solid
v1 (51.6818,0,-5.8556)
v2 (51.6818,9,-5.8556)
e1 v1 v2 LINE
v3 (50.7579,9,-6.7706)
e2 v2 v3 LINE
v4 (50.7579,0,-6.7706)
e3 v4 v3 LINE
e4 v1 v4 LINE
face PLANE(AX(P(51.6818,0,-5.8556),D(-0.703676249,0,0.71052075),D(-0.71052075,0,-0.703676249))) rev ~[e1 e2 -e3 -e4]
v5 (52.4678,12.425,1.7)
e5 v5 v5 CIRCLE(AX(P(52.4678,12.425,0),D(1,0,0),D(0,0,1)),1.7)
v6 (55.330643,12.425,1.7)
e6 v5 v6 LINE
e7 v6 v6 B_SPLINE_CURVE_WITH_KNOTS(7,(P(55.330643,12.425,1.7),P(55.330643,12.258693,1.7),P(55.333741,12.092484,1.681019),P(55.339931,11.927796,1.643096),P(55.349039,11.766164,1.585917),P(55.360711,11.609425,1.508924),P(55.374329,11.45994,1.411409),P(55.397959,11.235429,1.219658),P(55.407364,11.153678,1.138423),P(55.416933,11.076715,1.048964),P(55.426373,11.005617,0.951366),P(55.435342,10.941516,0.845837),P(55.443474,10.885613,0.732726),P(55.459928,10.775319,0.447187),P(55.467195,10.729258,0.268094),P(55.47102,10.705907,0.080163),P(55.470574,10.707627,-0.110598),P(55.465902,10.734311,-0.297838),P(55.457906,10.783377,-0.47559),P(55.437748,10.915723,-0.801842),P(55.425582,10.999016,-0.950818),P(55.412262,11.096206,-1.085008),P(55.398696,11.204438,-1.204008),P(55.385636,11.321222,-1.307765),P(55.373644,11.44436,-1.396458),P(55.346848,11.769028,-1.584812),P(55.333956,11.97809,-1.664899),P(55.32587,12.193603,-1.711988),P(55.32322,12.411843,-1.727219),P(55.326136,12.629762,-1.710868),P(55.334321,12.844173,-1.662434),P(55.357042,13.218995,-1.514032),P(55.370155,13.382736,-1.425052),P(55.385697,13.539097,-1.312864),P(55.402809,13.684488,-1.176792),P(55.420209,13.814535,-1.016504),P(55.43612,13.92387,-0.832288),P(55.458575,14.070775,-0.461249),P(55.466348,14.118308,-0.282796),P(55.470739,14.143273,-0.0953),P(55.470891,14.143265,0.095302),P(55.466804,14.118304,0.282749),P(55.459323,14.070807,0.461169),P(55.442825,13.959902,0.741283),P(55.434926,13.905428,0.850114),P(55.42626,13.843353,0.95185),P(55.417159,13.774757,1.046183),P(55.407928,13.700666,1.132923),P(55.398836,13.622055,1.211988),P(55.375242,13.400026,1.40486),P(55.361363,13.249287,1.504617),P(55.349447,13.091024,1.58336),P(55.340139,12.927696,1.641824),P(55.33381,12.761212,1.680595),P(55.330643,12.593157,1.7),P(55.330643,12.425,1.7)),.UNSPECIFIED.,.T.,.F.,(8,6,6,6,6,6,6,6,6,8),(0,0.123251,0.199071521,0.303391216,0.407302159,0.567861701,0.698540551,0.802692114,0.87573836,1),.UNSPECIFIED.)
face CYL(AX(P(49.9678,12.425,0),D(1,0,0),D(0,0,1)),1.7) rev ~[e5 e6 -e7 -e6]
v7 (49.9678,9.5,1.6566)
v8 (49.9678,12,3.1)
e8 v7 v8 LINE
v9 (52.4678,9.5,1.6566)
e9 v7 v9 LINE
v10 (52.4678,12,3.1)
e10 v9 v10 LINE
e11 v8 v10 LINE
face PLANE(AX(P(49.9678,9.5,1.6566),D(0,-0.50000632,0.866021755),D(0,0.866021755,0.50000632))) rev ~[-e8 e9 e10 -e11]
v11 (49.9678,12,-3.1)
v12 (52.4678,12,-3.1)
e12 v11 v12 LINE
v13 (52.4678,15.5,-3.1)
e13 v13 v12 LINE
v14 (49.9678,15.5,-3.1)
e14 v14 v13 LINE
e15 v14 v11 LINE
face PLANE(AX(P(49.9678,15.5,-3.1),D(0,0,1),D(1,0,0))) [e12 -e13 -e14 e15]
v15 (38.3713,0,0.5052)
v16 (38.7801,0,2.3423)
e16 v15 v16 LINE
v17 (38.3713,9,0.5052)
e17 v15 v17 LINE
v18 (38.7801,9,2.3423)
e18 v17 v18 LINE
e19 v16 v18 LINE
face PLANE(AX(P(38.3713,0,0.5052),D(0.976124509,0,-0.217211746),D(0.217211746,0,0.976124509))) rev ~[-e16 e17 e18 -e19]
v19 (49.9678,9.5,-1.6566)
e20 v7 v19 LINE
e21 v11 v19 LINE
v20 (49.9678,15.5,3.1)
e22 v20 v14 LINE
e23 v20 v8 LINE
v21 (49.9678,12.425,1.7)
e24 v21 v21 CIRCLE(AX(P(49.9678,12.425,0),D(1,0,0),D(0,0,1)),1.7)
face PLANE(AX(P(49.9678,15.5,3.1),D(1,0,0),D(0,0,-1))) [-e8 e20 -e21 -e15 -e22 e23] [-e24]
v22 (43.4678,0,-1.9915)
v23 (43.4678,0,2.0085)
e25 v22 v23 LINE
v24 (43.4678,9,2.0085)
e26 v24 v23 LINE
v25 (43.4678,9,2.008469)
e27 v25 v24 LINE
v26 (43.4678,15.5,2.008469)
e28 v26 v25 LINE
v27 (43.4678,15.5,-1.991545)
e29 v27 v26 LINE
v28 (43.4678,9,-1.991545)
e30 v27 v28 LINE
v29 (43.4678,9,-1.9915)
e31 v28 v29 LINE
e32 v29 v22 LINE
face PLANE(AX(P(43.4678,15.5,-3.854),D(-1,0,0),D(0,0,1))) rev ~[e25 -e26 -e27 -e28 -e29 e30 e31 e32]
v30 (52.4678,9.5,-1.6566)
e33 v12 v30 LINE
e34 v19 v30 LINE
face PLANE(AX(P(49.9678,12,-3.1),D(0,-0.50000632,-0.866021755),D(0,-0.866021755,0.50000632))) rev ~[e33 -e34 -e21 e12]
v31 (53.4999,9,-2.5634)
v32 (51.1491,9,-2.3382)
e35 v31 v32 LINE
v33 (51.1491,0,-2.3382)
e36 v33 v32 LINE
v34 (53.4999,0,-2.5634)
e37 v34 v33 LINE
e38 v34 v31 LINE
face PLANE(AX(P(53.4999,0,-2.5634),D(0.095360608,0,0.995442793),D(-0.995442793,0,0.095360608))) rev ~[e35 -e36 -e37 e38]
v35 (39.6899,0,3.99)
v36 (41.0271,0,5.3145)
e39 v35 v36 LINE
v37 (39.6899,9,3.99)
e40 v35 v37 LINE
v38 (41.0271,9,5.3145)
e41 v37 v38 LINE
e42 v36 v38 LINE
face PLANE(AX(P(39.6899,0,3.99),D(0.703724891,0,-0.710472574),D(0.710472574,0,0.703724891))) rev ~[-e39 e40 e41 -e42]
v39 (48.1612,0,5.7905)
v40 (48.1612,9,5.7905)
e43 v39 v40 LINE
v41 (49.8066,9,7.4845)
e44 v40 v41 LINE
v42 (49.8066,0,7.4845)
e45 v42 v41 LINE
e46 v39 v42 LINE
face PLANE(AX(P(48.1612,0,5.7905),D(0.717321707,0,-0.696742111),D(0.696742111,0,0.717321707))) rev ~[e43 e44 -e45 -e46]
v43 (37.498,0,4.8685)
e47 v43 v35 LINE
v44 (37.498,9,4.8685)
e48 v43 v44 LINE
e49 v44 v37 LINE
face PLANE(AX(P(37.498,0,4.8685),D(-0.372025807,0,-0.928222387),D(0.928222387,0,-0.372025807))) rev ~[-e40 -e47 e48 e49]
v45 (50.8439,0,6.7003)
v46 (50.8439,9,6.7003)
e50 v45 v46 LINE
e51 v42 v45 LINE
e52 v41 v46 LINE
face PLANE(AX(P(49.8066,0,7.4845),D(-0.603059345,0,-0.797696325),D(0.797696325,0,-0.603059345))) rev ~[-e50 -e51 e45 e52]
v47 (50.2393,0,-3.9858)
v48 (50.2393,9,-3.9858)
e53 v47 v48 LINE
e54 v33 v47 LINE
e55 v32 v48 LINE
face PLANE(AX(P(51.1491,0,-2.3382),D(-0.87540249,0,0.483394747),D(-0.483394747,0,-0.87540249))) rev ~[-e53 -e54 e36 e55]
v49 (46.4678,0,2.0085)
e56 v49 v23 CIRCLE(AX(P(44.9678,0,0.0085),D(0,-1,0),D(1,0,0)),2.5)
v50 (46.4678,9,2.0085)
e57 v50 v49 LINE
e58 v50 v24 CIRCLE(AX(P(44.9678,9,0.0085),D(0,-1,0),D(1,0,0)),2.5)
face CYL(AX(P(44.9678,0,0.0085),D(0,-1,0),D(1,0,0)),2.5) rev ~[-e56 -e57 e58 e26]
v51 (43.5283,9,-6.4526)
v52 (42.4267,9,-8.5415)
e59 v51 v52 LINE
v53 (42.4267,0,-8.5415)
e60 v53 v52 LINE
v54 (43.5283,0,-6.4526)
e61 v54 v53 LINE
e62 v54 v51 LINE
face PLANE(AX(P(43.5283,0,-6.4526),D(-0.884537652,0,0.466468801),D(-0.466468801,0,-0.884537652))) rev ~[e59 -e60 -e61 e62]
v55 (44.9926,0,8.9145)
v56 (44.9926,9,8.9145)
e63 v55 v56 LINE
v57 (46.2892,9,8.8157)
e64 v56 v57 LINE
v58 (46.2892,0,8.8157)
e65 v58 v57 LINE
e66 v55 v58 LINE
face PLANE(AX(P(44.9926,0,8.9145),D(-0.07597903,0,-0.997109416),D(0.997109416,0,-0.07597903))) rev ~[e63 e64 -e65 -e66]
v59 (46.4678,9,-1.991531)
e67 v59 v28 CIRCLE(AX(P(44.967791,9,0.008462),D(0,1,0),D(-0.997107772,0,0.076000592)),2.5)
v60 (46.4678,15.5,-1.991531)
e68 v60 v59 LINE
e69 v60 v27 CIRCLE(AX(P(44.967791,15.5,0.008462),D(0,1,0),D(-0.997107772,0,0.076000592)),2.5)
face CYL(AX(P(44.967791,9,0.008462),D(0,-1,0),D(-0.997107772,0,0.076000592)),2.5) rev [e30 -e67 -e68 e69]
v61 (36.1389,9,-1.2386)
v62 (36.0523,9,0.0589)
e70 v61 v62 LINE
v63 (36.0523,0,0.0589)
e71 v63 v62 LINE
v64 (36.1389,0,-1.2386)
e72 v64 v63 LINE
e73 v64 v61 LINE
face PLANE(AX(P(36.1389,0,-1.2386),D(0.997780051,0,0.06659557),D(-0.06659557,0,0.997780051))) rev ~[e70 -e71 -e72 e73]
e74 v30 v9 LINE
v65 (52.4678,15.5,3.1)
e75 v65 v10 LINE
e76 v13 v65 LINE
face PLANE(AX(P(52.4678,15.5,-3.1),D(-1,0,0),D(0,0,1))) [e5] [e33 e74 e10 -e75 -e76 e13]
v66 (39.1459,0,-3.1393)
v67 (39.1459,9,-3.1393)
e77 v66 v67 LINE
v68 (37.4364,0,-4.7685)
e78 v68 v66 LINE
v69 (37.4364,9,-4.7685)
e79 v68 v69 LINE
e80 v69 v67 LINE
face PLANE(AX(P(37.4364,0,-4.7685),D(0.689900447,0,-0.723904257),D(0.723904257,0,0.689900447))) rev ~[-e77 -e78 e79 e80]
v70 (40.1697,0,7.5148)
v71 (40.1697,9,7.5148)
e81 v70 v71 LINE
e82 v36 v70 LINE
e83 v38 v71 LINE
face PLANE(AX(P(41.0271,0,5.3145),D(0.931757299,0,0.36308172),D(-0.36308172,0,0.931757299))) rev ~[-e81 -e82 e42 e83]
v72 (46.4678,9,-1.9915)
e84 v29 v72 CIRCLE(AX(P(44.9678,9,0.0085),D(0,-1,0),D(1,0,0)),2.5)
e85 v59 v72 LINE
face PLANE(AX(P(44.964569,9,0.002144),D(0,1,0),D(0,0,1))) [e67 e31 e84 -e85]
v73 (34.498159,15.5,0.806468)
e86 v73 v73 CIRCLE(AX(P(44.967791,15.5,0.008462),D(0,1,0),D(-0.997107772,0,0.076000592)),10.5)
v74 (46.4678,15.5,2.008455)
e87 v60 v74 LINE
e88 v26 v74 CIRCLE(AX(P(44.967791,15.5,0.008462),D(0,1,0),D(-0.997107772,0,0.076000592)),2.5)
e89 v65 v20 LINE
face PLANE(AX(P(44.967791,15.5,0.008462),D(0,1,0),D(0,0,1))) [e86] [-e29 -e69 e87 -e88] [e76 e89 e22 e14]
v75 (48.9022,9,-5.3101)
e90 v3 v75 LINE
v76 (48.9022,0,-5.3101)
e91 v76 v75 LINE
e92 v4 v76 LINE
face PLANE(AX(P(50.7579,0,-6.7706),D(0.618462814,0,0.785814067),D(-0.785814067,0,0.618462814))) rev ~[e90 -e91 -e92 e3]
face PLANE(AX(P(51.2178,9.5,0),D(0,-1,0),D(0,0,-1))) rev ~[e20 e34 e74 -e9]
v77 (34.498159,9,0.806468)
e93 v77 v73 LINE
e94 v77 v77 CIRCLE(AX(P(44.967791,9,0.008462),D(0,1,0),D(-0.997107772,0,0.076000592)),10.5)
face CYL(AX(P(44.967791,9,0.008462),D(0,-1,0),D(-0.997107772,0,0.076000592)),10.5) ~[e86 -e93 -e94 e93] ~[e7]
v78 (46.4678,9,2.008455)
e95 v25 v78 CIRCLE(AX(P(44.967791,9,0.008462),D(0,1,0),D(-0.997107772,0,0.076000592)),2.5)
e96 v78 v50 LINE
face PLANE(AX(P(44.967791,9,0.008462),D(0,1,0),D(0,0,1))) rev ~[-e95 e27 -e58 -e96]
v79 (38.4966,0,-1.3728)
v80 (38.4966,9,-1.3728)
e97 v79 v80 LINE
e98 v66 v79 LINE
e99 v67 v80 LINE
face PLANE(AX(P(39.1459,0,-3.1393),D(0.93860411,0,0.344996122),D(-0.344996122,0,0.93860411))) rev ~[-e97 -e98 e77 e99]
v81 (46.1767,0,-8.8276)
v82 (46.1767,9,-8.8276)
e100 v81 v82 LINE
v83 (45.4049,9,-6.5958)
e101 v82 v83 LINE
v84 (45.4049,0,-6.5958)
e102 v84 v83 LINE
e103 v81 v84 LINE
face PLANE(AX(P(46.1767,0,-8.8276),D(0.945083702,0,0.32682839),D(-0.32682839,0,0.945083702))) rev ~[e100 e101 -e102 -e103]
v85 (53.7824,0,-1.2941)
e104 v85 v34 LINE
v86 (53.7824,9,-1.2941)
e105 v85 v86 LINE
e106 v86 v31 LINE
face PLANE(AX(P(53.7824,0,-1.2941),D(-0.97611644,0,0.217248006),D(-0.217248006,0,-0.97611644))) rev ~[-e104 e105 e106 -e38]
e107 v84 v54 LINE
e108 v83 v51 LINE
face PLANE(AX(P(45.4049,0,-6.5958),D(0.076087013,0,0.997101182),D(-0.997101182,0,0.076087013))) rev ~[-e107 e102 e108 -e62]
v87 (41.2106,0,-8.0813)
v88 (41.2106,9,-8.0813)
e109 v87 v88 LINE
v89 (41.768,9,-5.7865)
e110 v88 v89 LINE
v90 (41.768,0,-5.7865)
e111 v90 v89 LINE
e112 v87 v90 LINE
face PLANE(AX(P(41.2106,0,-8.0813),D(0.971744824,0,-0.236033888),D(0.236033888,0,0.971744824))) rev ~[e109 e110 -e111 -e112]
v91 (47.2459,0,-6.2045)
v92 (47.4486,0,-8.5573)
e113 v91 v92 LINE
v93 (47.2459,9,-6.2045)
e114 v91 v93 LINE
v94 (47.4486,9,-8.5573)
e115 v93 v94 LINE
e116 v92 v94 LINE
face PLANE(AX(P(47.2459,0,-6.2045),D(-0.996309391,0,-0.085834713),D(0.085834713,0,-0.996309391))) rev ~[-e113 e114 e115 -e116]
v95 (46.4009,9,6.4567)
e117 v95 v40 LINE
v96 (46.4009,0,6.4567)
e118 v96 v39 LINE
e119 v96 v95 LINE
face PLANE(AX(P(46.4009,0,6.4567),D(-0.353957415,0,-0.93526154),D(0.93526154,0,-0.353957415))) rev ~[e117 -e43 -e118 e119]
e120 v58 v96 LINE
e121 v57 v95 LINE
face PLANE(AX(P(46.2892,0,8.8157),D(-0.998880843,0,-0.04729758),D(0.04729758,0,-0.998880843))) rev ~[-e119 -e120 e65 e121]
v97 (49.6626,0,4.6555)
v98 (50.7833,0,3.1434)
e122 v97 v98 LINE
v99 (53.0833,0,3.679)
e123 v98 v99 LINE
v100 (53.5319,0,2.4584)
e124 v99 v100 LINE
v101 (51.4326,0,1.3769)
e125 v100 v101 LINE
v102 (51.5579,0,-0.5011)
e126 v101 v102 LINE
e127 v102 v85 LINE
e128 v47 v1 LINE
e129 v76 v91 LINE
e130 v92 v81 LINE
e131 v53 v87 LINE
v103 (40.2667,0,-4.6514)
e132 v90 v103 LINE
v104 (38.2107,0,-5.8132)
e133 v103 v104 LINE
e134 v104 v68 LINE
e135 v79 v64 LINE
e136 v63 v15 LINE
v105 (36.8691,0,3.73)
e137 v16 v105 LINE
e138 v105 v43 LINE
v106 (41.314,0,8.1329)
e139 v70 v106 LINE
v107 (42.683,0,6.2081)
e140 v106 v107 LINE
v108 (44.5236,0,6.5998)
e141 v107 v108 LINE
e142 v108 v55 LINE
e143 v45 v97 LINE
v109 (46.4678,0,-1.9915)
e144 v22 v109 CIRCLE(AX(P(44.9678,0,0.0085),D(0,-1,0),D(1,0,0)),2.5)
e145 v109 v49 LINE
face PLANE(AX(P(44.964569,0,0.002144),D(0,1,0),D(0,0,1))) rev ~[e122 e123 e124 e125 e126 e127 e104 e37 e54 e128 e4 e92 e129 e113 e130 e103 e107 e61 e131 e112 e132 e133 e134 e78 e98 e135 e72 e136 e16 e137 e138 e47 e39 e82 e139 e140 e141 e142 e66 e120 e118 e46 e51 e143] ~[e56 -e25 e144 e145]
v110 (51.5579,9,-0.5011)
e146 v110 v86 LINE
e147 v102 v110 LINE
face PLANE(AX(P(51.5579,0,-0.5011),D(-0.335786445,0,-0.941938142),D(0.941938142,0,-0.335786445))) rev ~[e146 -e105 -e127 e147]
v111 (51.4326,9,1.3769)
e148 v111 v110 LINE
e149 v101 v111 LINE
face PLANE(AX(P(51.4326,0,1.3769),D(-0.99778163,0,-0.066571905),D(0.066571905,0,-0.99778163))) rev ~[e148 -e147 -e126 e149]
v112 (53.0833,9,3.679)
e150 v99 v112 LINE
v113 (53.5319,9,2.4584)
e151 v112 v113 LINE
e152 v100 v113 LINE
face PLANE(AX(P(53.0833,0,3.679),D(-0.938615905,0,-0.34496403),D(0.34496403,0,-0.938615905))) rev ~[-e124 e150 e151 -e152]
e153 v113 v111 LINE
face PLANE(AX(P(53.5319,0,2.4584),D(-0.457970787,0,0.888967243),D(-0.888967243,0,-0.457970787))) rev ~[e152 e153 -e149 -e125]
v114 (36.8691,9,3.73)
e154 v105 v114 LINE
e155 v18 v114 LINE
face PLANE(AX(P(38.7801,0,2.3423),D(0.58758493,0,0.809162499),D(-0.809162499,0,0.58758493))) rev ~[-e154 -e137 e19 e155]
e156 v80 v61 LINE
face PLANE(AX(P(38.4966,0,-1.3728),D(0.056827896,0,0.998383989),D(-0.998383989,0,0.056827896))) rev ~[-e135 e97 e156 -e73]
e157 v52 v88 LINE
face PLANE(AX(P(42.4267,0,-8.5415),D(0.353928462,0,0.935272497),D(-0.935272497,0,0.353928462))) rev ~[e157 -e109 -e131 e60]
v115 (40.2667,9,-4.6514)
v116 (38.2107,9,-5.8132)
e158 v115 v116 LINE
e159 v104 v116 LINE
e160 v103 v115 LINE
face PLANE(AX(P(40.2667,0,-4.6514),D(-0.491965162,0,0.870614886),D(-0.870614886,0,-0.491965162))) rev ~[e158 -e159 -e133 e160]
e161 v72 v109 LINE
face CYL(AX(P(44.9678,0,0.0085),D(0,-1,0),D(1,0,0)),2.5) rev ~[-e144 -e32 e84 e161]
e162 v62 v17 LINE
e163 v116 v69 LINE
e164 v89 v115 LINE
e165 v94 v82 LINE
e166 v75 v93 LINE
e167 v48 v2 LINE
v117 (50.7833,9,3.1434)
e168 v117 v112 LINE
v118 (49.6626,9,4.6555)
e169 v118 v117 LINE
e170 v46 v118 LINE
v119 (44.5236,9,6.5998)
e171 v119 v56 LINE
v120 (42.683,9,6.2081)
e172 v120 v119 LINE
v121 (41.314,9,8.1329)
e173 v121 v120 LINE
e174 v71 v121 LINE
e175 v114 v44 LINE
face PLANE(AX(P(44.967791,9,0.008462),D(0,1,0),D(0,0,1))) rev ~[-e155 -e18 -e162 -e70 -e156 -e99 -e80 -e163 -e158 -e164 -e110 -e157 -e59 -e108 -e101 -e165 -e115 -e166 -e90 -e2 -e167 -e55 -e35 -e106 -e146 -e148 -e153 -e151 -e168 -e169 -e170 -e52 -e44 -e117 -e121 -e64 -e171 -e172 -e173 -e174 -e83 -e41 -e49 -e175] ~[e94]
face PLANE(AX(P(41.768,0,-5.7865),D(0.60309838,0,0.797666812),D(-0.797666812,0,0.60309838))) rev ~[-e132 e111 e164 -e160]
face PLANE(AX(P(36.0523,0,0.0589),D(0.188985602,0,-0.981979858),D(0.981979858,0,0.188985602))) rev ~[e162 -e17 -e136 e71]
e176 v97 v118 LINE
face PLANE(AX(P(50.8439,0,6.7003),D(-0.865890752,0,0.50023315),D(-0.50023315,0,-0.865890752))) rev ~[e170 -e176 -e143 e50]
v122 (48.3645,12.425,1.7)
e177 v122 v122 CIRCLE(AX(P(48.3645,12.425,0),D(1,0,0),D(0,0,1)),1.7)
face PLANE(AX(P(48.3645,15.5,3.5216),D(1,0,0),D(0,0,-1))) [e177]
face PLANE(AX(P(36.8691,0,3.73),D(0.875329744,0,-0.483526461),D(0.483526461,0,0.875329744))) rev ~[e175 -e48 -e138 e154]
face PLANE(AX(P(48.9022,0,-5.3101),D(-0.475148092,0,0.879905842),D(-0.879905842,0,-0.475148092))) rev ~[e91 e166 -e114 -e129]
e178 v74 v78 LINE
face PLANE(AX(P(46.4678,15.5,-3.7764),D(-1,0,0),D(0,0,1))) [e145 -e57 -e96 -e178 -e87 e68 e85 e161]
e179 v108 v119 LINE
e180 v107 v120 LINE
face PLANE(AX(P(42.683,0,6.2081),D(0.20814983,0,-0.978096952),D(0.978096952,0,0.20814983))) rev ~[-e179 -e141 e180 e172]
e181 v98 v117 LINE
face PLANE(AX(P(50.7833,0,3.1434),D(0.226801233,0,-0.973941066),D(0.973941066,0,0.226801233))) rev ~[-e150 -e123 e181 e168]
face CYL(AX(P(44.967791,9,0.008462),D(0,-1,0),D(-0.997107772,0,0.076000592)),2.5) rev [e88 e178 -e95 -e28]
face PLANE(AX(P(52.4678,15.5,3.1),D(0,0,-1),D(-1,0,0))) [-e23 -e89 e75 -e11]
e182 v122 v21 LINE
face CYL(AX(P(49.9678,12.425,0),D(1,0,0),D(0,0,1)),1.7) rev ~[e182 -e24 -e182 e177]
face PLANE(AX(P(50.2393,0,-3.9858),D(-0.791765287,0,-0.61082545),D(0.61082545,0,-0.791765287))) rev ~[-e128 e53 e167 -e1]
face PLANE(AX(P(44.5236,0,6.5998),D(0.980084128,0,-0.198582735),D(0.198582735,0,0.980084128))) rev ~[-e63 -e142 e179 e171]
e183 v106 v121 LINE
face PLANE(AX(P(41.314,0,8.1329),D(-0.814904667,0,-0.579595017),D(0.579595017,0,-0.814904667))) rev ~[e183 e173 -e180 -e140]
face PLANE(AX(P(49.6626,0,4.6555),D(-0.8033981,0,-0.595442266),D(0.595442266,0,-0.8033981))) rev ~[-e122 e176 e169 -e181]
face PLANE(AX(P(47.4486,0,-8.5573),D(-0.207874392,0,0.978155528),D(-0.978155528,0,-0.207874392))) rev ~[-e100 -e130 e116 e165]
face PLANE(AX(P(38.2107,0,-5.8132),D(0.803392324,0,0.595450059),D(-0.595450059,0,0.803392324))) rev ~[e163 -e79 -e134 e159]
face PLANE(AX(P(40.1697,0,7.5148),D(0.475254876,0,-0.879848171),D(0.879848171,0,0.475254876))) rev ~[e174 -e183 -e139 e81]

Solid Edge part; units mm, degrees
sketch "Sketch1" plane through (0, 0, 0) normal (0, -1, 0) x (1, 0, 0)
  line L0 (46.2892, 8.8157) -> (46.4009, 6.4567)
  line L1 (46.4009, 6.4567) -> (48.1612, 5.7905)
  line L2 (48.1612, 5.7905) -> (49.8066, 7.4845)
  line L3 (49.8066, 7.4845) -> (50.8439, 6.7003)
  line L4 (50.8439, 6.7003) -> (49.6626, 4.6555)
  line L5 (49.6626, 4.6555) -> (50.7833, 3.1434)
  line L6 (50.7833, 3.1434) -> (53.0833, 3.679)
  line L7 (53.0833, 3.679) -> (53.5319, 2.4584)
  line L8 (53.5319, 2.4584) -> (51.4326, 1.3769)
  line L9 (51.4326, 1.3769) -> (51.5579, -0.5011)
  line L10 (51.5579, -0.5011) -> (53.7824, -1.2941)
  line L11 (53.7824, -1.2941) -> (53.4999, -2.5634)
  line L12 (53.4999, -2.5634) -> (51.1491, -2.3382)
  line L13 (51.1491, -2.3382) -> (50.2393, -3.9858)
  line L14 (50.2393, -3.9858) -> (51.6818, -5.8556)
  line L15 (51.6818, -5.8556) -> (50.7579, -6.7706)
  line L16 (50.7579, -6.7706) -> (48.9022, -5.3101)
  line L17 (48.9022, -5.3101) -> (47.2459, -6.2045)
  line L18 (47.2459, -6.2045) -> (47.4486, -8.5573)
  line L19 (47.4486, -8.5573) -> (46.1767, -8.8276)
  line L20 (46.1767, -8.8276) -> (45.4049, -6.5958)
  line L21 (45.4049, -6.5958) -> (43.5283, -6.4526)
  line L22 (43.5283, -6.4526) -> (42.4267, -8.5415)
  line L23 (42.4267, -8.5415) -> (41.2106, -8.0813)
  line L24 (41.2106, -8.0813) -> (41.768, -5.7865)
  line L25 (41.768, -5.7865) -> (40.2667, -4.6514)
  line L26 (40.2667, -4.6514) -> (38.2107, -5.8132)
  line L27 (38.2107, -5.8132) -> (37.4364, -4.7685)
  line L28 (37.4364, -4.7685) -> (39.1459, -3.1393)
  line L29 (39.1459, -3.1393) -> (38.4966, -1.3728)
  line L30 (38.4966, -1.3728) -> (36.1389, -1.2386)
  line L31 (36.1389, -1.2386) -> (36.0523, 0.0589)
  line L32 (36.0523, 0.0589) -> (38.3713, 0.5052)
  line L33 (38.3713, 0.5052) -> (38.7801, 2.3423)
  line L34 (38.7801, 2.3423) -> (36.8691, 3.73)
  line L35 (36.8691, 3.73) -> (37.498, 4.8685)
  line L36 (37.498, 4.8685) -> (39.6899, 3.99)
  line L37 (39.6899, 3.99) -> (41.0271, 5.3145)
  line L38 (41.0271, 5.3145) -> (40.1697, 7.5148)
  line L39 (40.1697, 7.5148) -> (41.314, 8.1329)
  line L40 (41.314, 8.1329) -> (42.683, 6.2081)
  line L41 (42.683, 6.2081) -> (44.5236, 6.5998)
  line L42 (44.5236, 6.5998) -> (44.9926, 8.9145)
  line L43 (44.9926, 8.9145) -> (46.2892, 8.8157)
  circle A0 centre (44.9678, 0.0085) radius 2.5
  dimension "D1" = 5
extrude "Protrusion1" add sketch "Sketch1" against normal blind 9
sketch "Sketch2" plane through (44.9173, 9, 0.0434) normal (0, 1, 0) x (-0.9971, 0, 0.076)
  circle A0 centre (-0.053, -0.031) radius 10.5
  circle A1 centre (-0.053, -0.031) radius 2.5
extrude "ExtrudedProtrusion_2" add sketch "Sketch2" along normal blind 6.5
sketch "Sketch3" plane through (44.9678, 15.5, 0.0085) normal (0, 1, 0) x (0, 0, 1)
  line L0 (-3.1085, 7.5) -> (3.0915, 7.5)
  line L1 (3.0915, 7.5) -> (3.0915, 5)
  line L2 (3.0915, 5) -> (-3.1085, 5)
  line L3 (-3.1085, 5) -> (-3.1085, 7.5)
  dimension "D1" = 6.2
  dimension "D2" = 2.5
  dimension "D3" = 3
  dimension "D4" = 2.5
extrude "ExtrudedCutout_1" cut sketch "Sketch3" against normal blind 6
sketch "Sketch4" plane through (49.9678, 12.8, 0) normal (1, 0, 0) x (0, -1, 0)
  line L0 (3.3, -3.1) -> (3.3, -1.6566)
  line L1 (3.3, -1.6566) -> (0.8, -3.1)
  line L2 (0.8, -3.1) -> (3.3, -3.1)
  line L3 (0.8, 3.1) -> (3.3, 1.6566)
  line L4 (3.3, 1.6566) -> (3.3, 3.1)
  line L5 (3.3, 3.1) -> (0.8, 3.1)
  dimension "D1" = 2.5
  dimension "D2" = 3.08
  dimension "D3" = 6.15
extrude "Protrusion2" add sketch "Sketch4" along normal up to vertex (2.5 mm away)
sketch "Sketch5" plane through (49.9678, 12.7, 0) normal (1, 0, 0) x (0, 0, 1)
  circle A0 centre (0, 0.275) radius 1.7
  dimension "D1" = 3.075
extrude "Cutout1" cut sketch "Sketch5" against normal up to vertex (5 mm away) and the other way up to vertex (5.5 mm away)
sketch "Sketch6" plane through (44.9678, 15.5, 0.0085) normal (0, 1, 0) x (1, 0, 0)
  line L0 (3.3967, 3.7849) -> (1.5, 3.7849)
  line L1 (1.5, 3.7849) -> (1.5, -3.5131)
  line L2 (1.5, -3.5131) -> (3.3967, -3.5131)
  line L3 (3.3967, -3.5131) -> (3.3967, 3.7849)
  line L4 (-3.7072, 3.8625) -> (-1.5, 3.8625)
  line L5 (-1.5, 3.8625) -> (-1.5, -3.5519)
  line L6 (-1.5, -3.5519) -> (-3.7072, -3.5519)
  line L7 (-3.7072, -3.5519) -> (-3.7072, 3.8625)
  dimension "D1" = 1
  dimension "D2" = 1
extrude "Protrusion3" add sketch "Sketch6" against normal up to vertex (15.5 mm away)
